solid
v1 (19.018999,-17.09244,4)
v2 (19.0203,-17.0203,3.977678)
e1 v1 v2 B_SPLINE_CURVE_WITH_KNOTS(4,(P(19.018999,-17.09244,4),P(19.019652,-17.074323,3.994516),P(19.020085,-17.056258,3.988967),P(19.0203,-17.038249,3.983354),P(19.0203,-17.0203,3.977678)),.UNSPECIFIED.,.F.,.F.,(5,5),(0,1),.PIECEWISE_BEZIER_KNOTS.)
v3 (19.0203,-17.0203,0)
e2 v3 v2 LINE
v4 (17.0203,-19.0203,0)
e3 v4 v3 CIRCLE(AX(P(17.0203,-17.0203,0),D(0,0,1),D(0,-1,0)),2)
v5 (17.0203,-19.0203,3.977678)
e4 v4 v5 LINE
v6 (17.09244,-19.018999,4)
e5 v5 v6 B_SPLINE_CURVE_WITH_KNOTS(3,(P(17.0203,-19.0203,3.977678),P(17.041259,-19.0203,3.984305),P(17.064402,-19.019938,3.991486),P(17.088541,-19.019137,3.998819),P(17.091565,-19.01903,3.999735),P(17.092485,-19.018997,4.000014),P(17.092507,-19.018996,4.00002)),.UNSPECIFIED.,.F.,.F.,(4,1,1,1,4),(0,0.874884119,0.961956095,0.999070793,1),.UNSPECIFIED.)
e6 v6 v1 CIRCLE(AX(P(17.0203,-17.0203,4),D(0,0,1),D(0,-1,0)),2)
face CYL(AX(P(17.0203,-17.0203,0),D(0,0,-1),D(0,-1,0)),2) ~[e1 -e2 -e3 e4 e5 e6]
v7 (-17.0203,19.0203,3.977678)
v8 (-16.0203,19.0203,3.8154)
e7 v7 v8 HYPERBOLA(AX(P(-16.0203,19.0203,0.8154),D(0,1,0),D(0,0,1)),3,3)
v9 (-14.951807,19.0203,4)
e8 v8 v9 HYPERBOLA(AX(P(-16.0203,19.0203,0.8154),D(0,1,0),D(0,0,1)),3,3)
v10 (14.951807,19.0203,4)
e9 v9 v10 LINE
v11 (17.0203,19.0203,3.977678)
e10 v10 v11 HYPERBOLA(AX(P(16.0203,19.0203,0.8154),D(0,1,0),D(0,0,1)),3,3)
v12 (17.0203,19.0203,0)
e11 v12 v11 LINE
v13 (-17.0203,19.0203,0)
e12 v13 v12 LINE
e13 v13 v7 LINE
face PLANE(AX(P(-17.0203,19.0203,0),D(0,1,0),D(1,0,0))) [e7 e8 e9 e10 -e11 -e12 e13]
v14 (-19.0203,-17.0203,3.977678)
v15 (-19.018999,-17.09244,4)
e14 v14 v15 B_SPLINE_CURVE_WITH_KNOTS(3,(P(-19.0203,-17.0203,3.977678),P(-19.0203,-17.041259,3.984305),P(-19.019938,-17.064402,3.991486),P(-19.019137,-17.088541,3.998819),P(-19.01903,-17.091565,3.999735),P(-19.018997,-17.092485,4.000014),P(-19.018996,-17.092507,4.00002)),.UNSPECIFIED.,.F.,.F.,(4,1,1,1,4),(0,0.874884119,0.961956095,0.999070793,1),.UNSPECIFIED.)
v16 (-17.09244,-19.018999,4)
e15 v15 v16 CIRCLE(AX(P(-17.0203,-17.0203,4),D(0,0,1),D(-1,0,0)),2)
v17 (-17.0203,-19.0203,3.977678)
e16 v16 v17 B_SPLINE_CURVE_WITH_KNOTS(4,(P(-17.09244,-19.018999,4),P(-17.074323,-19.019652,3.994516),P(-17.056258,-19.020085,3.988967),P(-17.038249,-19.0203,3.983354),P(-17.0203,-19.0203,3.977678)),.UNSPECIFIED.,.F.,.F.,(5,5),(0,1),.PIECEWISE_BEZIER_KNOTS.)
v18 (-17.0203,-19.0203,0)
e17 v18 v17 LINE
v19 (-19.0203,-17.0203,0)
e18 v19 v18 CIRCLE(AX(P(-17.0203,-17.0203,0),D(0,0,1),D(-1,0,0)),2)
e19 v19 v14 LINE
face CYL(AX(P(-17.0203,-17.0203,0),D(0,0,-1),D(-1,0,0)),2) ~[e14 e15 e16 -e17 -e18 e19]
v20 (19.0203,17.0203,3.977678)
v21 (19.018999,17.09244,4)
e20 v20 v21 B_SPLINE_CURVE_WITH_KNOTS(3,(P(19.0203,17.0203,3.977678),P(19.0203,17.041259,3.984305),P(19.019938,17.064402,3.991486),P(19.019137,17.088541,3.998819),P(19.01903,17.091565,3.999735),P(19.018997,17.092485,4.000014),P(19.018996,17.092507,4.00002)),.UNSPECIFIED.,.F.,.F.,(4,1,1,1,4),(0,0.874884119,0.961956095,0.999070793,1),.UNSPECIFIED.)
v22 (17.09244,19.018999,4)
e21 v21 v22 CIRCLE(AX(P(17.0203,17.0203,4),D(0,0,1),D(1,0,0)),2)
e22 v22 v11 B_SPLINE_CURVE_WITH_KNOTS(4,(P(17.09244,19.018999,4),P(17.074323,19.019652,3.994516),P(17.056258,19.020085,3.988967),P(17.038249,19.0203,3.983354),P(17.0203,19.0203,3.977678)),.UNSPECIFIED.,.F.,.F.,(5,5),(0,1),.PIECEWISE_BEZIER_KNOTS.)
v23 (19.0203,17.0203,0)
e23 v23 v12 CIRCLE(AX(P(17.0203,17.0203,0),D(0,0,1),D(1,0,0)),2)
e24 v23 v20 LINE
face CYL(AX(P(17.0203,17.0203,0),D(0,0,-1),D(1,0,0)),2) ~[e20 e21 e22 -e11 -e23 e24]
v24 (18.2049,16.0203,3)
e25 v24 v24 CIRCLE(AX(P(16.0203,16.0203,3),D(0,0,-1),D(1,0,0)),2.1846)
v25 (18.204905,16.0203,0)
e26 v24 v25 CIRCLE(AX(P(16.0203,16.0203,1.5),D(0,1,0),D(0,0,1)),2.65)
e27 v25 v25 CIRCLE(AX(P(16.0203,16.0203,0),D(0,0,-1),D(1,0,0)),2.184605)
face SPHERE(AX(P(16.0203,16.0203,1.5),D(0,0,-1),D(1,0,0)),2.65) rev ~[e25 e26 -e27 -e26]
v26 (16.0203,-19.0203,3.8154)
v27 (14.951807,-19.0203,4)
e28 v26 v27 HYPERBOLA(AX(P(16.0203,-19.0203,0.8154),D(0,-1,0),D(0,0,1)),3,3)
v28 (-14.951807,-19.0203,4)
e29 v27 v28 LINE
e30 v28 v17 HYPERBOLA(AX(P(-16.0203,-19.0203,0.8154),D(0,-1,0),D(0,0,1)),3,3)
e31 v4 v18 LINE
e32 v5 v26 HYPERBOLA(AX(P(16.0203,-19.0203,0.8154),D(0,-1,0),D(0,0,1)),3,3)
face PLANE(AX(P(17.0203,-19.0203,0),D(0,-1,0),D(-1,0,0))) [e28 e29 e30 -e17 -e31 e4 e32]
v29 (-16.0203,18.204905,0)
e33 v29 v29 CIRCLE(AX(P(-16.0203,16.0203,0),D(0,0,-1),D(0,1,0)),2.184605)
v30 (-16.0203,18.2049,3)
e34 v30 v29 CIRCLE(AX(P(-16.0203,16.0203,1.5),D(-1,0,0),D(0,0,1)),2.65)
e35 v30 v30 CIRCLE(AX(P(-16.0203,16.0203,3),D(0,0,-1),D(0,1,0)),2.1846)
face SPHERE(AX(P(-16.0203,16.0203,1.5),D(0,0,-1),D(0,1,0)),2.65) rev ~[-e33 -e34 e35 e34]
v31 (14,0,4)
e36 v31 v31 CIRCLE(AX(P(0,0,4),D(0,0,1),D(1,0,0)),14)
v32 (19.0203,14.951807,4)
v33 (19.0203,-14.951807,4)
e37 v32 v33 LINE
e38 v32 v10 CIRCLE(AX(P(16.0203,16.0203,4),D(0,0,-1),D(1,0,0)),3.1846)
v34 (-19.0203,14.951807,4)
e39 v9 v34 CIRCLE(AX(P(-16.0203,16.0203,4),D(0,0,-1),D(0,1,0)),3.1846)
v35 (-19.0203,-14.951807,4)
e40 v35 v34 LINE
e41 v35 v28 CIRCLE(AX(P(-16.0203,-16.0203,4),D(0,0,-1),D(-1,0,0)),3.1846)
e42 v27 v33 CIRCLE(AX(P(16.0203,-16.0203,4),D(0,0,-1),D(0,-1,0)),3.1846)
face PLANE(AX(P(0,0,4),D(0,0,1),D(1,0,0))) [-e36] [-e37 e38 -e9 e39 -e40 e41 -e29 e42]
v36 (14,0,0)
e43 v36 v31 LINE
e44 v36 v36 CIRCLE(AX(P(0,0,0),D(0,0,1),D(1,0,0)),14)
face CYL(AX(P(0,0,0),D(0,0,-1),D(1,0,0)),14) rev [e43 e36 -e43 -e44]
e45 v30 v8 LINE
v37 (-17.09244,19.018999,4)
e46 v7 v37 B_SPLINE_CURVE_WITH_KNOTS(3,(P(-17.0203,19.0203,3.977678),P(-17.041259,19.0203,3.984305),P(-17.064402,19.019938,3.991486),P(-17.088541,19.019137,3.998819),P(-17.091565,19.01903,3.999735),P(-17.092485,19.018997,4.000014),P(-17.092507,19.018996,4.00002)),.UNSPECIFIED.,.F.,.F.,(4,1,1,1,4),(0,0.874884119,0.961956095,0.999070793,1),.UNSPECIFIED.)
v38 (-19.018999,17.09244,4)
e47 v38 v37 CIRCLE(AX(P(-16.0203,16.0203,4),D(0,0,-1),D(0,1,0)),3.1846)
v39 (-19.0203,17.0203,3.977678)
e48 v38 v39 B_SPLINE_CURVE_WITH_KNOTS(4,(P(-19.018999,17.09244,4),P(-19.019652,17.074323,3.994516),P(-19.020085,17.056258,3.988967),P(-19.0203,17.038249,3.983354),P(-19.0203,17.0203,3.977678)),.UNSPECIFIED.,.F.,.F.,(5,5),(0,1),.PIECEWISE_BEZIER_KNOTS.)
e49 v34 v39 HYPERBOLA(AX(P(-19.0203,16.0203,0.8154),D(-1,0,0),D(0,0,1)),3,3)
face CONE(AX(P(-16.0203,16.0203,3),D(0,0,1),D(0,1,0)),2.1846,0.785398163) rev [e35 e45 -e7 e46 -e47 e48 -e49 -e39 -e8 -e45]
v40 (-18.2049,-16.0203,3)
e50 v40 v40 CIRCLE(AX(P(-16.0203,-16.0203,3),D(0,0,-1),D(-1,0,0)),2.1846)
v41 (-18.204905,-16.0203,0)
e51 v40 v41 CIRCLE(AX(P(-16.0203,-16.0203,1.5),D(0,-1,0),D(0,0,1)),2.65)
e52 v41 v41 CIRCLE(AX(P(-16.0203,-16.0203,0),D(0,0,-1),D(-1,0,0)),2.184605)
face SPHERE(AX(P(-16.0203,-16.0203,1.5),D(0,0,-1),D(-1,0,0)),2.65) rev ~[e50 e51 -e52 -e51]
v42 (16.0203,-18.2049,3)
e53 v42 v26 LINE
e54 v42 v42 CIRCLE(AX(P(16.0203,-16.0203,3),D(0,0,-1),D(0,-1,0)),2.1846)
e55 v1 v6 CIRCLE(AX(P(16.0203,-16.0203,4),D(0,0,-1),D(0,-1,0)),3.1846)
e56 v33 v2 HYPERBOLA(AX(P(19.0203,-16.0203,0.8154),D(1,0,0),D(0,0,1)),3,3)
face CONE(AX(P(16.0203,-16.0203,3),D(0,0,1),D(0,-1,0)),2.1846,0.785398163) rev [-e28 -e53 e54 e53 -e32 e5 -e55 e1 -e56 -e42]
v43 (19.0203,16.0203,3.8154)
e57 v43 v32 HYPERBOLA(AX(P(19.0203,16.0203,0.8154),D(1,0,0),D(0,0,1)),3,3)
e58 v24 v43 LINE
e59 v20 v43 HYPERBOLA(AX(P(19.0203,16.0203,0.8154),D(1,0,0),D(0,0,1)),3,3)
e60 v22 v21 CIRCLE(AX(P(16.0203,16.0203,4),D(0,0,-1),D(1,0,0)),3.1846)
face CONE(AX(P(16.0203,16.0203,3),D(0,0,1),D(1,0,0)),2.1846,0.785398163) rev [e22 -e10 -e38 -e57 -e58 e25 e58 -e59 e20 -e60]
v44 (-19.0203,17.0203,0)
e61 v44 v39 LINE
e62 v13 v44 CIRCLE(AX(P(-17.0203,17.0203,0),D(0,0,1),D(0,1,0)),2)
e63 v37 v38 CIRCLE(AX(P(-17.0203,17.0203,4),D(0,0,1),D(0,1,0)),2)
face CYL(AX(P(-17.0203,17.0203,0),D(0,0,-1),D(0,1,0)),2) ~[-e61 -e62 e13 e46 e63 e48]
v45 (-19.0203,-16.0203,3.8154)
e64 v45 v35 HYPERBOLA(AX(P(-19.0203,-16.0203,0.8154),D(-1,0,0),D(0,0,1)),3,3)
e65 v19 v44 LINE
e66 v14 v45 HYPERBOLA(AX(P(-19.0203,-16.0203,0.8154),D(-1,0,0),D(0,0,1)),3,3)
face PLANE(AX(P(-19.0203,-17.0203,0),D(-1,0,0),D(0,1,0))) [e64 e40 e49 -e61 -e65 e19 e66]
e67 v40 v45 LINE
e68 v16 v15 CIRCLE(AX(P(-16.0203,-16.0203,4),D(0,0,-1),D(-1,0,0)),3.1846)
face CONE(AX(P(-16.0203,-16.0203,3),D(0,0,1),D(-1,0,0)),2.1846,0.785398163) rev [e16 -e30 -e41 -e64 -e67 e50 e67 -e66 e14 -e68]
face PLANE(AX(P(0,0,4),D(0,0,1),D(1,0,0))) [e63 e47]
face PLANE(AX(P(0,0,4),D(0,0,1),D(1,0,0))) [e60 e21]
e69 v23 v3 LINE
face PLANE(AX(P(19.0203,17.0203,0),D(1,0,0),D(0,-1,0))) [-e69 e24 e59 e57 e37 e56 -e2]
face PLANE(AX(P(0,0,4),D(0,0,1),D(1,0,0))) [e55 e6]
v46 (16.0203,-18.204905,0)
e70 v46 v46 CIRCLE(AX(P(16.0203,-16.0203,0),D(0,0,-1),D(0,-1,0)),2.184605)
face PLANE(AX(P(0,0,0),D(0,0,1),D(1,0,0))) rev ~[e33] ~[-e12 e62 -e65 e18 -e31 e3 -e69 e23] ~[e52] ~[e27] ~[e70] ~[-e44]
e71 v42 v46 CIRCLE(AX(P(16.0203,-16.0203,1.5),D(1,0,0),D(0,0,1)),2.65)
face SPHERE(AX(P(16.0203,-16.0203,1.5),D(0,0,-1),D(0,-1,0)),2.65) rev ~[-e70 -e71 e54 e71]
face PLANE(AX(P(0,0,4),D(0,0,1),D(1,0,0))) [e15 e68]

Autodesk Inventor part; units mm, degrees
ref_plane "YZ Plane" through (0, 0, 0) normal (1, 0, 0) x (0, 1, 0)
ref_plane "XZ Plane" through (0, 0, 0) normal (0, 1, 0) x (-1, 0, 0)
sketch "Sketch1" plane through (0, 0, 0) normal (0, 0, 1) x (1, 0, 0)
  circle A0 centre (16.0203, -16.0203) radius 2.75 construction
  circle A1 centre (-16.0203, 16.0203) radius 2.75 construction
  circle A2 centre (16.0203, 16.0203) radius 2.75 construction
  circle A3 centre (-16.0203, -16.0203) radius 2.75 construction
  circle A4 centre (0, 0) radius 12.5 construction
  line L0 (17.0203, -19.0203) -> (-17.0203, -19.0203)
  line L1 (-19.0203, -17.0203) -> (-19.0203, 17.0203)
  line L2 (-17.0203, 19.0203) -> (17.0203, 19.0203)
  line L3 (19.0203, 17.0203) -> (19.0203, -17.0203)
  line L4 (19.0203, -19.0203) -> (-19.0203, 19.0203) construction
  line L5 (-19.0203, -19.0203) -> (19.0203, 19.0203) construction
  arc A5 (-17.0203, 19.0203) -> (-19.0203, 17.0203) centre (-17.0203, 17.0203) ccw
  arc A6 (-19.0203, -17.0203) -> (-17.0203, -19.0203) centre (-17.0203, -17.0203) ccw
  arc A7 (17.0203, -19.0203) -> (19.0203, -17.0203) centre (17.0203, -17.0203) ccw
  arc A8 (19.0203, 17.0203) -> (17.0203, 19.0203) centre (17.0203, 17.0203) ccw
  circle A9 centre (0, 0) radius 14
  line L6 (17, 24.9006) -> (-17, 24.9006) projected
  line L7 (-17, 21.3235) -> (-17, 24.9006) projected
  line L8 (-21.3235, 17) -> (-17, 21.3235) projected
  line L9 (-24.9006, 17) -> (-21.3235, 17) projected
  line L10 (-24.9006, -17) -> (-24.9006, 17) projected
  line L11 (-21.3235, -17) -> (-24.9006, -17) projected
  line L12 (-17, -21.3235) -> (-21.3235, -17) projected
  line L13 (-17, -24.9006) -> (-17, -21.3235) projected
  line L14 (17, -24.9006) -> (-17, -24.9006) projected
  line L15 (17, -24.9006) -> (17, -21.3235) projected
  line L16 (17, -21.3235) -> (21.3235, -17) projected
  line L17 (21.3235, -17) -> (24.9006, -17) projected
  line L18 (24.9006, -17) -> (24.9006, 17) projected
  line L19 (24.9006, 17) -> (21.3235, 17) projected
  line L20 (21.3235, 17) -> (17, 21.3235) projected
  line L21 (17, 21.3235) -> (17, 24.9006) projected
  point P0 (16.8, 24.9006)
  point P1 (-16.8, 24.9006)
  point P2 (-24.9006, 16.8)
  point P3 (-24.9006, -16.8)
  point P4 (-16.8, -24.9006)
  point P5 (16.8, -24.9006)
  point P6 (24.9006, 16.8)
  dimension "d0" = 2
  dimension "d1" = 28
extrude "Extrusion1" add sketch "Sketch1" along normal blind 4 contours L0 A6 L1 A5 L2 A8 L3 A7
ref_plane "Work Plane1" through (-17.0203, 16.0203, 0) normal (0, 1, 0) x (1, 0, 0)
sketch "Sketch2" plane through (-17.0203, 16.0203, 0) normal (0, 1, 0) x (1, 0, 0)
  line L0 (3.0203, 0) -> (31.0203, 0) construction
  line L1 (0, 0) -> (-2, 0) construction
  line L2 (34.0406, 0) -> (0, 0) construction
  line L3 (36.0406, 0) -> (34.0406, 0) construction
  line L4 (34.0406, 0) -> (36.0406, 0) construction
  line L5 (0, 0) -> (34.0406, 0) construction
  line L6 (-2, 0) -> (0, 0) construction
  line L7 (31.0203, -4) -> (3.0203, -4) construction
  line L8 (-2, -4) -> (0, -4) construction
  line L9 (0, -4) -> (34.0406, -4) construction
  line L10 (34.0406, -4) -> (36.0406, -4) construction
  line L11 (36.0406, -4) -> (34.0406, -4) construction
  line L12 (34.0406, -4) -> (0, -4) construction
  line L13 (0, -4) -> (-2, -4) construction
  line L14 (33.8203, 0) -> (0.2203, 0) construction
  line L15 (33.0406, 0) -> (33.0406, -4) construction
  arc A0 (33.0406, -4.15) -> (33.0406, 1.15) centre (33.0406, -1.5) ccw
  line L16 (35.2252, -3) -> (36.2252, -4)
  line L17 (33.0406, -1.5) -> (35.6906, -1.5) construction
  line L18 (36.2252, -4) -> (33.0406, -4)
  line L19 (0, -4) -> (34.0406, -4) construction
  line L20 (33.0406, -4) -> (33.0406, 1.15)
  line L21 (36.0406, 0) -> (36.0406, -4) projected
  point P0 (17.0203, 0)
  dimension "d4" = 2.65
  dimension "d5" = 2.5
  dimension "d7" = 135
  dimension "d8" = 1.5
  dimension "d14" = 3
revolve "Revolution1" cut sketch "Sketch2" angle 360 about axis through (16.0203, 16.0203, 4) along (0, 0, -1)
pattern_circular "Circular Pattern1" count 4 over 360 about axis through (0, 0, -10) along (0, 0, 1) of "Revolution1"
properties part number "20_Cube_Insert_Sample_clamp_magnetic"
